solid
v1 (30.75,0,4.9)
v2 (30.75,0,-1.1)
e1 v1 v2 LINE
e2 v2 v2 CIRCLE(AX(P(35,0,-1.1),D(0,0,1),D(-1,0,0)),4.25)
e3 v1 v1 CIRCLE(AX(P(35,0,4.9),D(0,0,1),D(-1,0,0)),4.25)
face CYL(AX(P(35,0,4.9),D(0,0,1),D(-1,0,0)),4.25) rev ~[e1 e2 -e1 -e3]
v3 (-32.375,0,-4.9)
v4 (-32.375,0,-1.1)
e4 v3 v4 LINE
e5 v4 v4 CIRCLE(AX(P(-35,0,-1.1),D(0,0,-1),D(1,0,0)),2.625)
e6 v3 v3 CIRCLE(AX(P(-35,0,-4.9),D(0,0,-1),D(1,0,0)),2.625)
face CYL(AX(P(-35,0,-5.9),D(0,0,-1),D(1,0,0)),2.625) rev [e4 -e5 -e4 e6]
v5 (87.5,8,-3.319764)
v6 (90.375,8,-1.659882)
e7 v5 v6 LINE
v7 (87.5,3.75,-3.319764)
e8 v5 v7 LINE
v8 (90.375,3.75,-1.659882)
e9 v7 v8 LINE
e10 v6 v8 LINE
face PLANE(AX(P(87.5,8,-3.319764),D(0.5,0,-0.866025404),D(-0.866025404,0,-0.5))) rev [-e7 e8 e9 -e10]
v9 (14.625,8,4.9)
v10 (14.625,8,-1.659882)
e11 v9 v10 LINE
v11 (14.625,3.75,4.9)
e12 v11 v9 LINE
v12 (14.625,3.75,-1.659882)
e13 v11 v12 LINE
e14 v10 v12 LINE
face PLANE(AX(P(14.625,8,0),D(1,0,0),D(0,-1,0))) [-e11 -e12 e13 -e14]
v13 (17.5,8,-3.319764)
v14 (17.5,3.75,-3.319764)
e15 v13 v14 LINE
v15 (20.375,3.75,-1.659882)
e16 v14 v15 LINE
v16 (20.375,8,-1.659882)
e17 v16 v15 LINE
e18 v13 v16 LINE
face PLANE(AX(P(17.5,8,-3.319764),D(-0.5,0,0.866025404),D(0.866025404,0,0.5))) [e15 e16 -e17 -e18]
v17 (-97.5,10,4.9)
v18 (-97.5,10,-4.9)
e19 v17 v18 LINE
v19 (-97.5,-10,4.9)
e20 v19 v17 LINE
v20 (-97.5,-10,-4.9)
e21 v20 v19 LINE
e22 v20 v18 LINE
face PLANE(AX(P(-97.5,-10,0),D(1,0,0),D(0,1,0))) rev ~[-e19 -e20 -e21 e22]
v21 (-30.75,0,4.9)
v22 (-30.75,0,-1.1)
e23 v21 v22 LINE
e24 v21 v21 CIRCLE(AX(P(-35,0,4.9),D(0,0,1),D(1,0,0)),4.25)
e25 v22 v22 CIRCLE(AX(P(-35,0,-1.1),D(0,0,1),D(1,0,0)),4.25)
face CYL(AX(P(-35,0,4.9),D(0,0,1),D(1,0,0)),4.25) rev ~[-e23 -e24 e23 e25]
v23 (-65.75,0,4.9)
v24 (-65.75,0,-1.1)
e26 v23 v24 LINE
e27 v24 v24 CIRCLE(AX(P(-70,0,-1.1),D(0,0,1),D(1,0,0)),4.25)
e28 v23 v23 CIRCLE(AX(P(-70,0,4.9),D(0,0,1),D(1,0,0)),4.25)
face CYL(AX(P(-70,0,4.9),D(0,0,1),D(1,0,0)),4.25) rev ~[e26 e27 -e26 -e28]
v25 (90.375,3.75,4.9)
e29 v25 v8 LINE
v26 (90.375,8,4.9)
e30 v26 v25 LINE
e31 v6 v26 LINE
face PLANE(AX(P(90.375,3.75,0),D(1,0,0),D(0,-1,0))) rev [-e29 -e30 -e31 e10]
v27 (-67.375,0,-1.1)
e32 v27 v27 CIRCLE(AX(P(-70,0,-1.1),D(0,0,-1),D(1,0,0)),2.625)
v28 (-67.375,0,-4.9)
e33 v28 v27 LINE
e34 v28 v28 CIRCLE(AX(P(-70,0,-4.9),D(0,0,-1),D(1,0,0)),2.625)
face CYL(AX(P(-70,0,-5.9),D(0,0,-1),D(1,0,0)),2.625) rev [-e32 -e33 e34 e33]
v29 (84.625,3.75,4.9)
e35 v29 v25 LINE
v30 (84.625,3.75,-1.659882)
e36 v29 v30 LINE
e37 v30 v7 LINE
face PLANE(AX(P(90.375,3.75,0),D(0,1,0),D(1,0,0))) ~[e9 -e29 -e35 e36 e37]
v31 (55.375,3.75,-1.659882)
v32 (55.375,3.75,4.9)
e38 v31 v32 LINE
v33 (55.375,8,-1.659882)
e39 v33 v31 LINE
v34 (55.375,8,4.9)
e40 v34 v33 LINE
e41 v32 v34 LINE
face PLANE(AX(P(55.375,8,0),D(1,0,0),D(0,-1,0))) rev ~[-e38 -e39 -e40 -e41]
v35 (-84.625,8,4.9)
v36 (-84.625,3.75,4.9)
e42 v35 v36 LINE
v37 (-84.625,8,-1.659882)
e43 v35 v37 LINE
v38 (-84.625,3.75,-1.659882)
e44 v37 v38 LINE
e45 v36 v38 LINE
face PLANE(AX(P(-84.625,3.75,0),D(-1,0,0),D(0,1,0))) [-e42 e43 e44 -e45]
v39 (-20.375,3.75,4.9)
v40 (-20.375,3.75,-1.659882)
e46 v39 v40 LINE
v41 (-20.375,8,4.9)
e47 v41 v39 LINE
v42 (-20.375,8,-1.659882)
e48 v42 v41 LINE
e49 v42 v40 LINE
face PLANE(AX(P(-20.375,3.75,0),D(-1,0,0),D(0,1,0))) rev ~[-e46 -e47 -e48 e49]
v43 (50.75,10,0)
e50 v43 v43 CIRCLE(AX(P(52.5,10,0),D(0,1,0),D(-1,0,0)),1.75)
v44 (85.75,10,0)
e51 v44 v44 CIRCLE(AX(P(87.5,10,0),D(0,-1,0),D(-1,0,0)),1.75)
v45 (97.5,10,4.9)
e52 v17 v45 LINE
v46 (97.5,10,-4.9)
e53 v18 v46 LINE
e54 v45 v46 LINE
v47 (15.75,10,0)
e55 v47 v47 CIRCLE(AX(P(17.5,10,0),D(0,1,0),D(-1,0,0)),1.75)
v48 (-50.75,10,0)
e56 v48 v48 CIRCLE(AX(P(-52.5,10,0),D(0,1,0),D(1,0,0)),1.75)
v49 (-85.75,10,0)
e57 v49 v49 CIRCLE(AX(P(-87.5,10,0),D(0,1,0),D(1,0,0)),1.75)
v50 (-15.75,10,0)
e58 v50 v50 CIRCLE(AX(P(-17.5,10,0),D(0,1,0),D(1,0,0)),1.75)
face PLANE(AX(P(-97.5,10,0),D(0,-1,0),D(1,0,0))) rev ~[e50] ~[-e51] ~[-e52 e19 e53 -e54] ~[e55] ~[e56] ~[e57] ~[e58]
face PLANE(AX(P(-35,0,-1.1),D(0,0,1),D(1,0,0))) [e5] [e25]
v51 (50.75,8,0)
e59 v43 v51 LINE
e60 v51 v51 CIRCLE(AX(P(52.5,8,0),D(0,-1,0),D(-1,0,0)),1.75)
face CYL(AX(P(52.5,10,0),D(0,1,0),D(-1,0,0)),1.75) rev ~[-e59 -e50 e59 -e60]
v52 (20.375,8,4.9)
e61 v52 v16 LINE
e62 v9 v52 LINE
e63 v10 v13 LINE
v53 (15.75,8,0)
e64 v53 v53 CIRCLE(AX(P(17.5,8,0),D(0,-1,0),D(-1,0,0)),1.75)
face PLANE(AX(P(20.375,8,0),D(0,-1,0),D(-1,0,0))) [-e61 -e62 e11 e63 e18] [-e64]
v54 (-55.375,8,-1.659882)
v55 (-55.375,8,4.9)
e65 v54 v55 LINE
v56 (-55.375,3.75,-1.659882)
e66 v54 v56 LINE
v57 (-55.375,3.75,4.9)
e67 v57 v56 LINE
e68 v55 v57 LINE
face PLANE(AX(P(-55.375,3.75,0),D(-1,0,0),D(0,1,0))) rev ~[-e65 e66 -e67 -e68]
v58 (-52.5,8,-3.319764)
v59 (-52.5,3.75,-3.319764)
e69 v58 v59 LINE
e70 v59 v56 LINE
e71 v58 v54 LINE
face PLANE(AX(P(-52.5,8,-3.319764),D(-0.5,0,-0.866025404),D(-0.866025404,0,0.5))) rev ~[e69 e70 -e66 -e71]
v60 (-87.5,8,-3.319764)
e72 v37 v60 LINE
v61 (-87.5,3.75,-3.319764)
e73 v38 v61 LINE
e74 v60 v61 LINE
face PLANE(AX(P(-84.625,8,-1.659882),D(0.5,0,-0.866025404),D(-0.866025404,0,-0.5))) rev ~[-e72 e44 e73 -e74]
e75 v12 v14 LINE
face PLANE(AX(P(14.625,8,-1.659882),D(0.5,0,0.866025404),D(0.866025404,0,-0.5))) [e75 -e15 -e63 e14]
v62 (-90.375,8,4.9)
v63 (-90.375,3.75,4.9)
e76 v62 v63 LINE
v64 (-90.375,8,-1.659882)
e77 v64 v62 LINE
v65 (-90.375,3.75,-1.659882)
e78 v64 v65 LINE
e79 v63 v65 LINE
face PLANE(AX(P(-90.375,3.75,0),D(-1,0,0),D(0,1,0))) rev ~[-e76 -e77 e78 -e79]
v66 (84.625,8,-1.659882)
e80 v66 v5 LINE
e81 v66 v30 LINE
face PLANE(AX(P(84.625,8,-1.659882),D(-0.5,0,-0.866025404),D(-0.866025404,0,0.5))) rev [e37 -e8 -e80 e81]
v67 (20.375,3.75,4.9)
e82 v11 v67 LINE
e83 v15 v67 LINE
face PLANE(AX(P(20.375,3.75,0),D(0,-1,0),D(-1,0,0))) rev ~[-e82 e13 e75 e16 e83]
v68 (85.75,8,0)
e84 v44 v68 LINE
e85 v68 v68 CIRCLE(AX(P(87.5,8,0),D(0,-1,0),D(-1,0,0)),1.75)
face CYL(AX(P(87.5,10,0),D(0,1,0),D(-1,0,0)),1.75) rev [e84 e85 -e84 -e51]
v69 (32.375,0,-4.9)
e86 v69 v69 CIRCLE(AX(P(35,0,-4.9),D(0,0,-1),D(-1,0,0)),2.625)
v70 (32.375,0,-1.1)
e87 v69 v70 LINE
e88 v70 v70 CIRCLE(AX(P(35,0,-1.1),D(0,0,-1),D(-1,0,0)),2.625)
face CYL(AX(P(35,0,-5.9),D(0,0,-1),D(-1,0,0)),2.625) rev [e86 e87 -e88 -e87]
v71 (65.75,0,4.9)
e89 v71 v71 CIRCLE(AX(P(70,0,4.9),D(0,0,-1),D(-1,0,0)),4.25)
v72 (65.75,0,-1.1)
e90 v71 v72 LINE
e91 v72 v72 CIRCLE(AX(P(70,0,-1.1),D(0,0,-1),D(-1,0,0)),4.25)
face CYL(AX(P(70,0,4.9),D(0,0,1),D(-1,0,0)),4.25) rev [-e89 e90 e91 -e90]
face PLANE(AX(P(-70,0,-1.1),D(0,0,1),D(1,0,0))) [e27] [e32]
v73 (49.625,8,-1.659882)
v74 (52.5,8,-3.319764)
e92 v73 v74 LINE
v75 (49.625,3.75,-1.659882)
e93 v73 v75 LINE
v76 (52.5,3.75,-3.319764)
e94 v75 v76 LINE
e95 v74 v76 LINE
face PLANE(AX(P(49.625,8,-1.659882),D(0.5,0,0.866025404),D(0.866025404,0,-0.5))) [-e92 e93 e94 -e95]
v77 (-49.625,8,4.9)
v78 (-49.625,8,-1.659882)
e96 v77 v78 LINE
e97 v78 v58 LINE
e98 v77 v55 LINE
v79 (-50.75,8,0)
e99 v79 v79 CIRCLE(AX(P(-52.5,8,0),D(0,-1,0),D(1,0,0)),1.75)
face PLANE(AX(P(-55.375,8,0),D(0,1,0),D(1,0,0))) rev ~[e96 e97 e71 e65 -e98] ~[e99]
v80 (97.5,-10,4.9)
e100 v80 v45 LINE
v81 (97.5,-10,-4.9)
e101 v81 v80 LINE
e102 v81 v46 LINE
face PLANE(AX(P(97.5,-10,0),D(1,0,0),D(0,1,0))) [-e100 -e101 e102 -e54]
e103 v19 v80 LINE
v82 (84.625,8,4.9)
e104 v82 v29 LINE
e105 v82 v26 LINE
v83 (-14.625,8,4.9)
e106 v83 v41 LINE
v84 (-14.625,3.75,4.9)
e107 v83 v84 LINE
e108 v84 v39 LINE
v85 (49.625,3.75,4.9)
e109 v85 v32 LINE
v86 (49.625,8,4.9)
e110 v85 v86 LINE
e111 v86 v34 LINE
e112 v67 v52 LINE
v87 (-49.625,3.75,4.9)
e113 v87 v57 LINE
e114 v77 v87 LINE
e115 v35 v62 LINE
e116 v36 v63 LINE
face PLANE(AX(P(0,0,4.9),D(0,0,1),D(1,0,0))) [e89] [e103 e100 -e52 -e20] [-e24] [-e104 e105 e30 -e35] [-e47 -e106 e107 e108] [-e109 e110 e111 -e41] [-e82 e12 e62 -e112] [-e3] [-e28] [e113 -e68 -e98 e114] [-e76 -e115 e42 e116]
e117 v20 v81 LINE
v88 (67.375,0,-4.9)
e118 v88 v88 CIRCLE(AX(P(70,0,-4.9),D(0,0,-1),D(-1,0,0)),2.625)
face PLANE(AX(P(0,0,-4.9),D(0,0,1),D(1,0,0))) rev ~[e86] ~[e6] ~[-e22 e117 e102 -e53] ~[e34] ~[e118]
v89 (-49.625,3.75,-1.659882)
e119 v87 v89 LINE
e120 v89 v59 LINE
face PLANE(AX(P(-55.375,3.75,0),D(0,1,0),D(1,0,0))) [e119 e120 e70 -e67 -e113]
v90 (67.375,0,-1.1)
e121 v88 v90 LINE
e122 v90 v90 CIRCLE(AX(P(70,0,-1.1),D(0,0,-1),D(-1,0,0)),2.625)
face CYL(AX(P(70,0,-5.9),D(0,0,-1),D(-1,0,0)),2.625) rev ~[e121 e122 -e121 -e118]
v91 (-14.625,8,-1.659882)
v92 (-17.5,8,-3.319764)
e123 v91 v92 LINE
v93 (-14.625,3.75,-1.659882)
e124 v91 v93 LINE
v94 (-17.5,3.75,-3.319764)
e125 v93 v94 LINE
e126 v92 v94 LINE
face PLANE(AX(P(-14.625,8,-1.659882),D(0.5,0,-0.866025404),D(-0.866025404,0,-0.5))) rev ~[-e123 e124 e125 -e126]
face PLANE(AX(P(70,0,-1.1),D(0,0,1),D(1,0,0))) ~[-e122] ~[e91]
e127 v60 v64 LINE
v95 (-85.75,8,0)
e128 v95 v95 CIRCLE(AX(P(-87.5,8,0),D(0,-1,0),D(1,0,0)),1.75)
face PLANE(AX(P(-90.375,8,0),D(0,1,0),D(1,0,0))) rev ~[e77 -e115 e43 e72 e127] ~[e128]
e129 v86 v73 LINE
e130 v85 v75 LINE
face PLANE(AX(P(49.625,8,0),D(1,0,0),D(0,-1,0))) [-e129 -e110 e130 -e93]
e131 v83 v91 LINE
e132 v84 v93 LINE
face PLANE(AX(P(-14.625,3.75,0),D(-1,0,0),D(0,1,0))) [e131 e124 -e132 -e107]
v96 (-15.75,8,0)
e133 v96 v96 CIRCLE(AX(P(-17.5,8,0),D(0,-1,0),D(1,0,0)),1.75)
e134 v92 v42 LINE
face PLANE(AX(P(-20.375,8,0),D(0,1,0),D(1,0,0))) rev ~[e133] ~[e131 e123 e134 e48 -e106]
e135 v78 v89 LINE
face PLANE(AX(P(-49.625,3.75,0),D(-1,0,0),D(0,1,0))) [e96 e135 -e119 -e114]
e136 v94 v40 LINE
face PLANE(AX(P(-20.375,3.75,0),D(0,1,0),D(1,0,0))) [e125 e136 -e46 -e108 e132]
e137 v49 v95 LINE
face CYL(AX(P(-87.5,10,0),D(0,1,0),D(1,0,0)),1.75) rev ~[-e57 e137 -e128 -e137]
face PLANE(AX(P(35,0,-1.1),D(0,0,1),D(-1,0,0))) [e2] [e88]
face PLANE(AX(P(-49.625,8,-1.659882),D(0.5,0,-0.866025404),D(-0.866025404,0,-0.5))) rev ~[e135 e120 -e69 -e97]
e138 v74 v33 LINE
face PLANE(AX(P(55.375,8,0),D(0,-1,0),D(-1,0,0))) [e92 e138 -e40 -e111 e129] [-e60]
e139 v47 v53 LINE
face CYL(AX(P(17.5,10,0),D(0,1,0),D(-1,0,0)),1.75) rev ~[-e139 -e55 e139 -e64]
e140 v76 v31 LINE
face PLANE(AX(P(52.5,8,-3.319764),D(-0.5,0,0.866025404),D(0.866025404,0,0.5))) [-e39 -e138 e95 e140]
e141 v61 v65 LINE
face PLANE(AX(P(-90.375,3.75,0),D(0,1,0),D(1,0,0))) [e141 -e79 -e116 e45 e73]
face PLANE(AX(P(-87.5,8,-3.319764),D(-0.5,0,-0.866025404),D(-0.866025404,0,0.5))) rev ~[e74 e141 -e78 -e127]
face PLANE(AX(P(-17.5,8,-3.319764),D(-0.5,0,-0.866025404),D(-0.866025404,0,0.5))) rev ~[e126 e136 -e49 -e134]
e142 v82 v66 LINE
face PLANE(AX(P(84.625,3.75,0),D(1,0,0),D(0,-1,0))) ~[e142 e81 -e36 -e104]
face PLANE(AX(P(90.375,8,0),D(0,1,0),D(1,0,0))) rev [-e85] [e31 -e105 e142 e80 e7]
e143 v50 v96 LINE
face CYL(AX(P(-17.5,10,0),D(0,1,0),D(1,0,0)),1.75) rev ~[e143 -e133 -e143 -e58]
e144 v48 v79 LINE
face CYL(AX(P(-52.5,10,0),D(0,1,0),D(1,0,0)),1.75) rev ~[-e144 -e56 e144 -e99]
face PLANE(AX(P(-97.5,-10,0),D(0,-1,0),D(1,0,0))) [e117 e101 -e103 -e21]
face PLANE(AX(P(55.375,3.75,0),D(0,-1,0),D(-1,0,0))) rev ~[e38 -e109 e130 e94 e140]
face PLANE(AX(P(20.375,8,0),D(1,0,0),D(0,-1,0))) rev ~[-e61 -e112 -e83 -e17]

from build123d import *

# Parameters (mm, degrees)
SKETCH1_W               = 195
SKETCH1_H               = 20
BOSS_EXTRUDE1_DEPTH     = 4.9
SKETCH2_R               = 1.75
CUT_EXTRUDE1_DEPTH      = 6
CUT_EXTRUDE2_START      = -2
CUT_EXTRUDE2_DEPTH      = 4.25
SKETCH4_W               = 5.75
SKETCH4_H               = 4.25
CUT_EXTRUDE3_DEPTH      = 5.9
LPATTERN1_COUNT         = 3
LPATTERN1_PITCH         = 35
MIRROR1_COPY_1_SKETCH_R = 1.75
MIRROR1_COPY_1_DEPTH    = 6
MIRROR1_COPY_2_SKETCH_R = 1.75
MIRROR1_COPY_2_DEPTH    = 6
MIRROR1_START           = -2
MIRROR1_COPY_3_DEPTH    = 4.25
MIRROR1_COPY_4_DEPTH    = 4.25
MIRROR1_COPY_5_SKETCH_W = 5.75
MIRROR1_COPY_5_SKETCH_H = 4.25
MIRROR1_COPY_5_DEPTH    = 5.9
MIRROR1_COPY_6_SKETCH_W = 5.75
MIRROR1_COPY_6_SKETCH_H = 4.25
MIRROR1_COPY_6_DEPTH    = 5.9
SKETCH5_R               = 4.25
CUT_EXTRUDE4_DEPTH      = 6
CUT_EXTRUDE5_START      = -4.8
SKETCH6_R               = 2.625
CUT_EXTRUDE5_DEPTH      = 11.8
LPATTERN2_COUNT         = 2
LPATTERN2_PITCH         = 35
MIRROR2_COPY_1_SKETCH_R = 4.25
MIRROR2_COPY_1_DEPTH    = 6
MIRROR2_START           = -4.8
MIRROR2_COPY_2_SKETCH_R = 2.625
MIRROR2_COPY_2_DEPTH    = 11.8


with BuildPart() as part:
    # Sketch1 → Boss-Extrude1 (new body, symmetric)
    with BuildSketch(Plane.XY):
        Rectangle(SKETCH1_W, SKETCH1_H)
    extrude(amount=BOSS_EXTRUDE1_DEPTH, both=True)

    # Sketch2 → Cut-Extrude1 (cut)
    with BuildSketch(Plane(origin=(0, 10, 0), x_dir=(1, 0, 0), z_dir=(0, 1, 0))):
        with Locations((-87.5, 0)):
            Circle(SKETCH2_R)
    cut_extrude1 = extrude(amount=-CUT_EXTRUDE1_DEPTH, mode=Mode.SUBTRACT)

    # Sketch3 → Cut-Extrude2 (cut)
    with BuildSketch(Plane(origin=(0, 10, 0), x_dir=(1, 0, 0), z_dir=(0, 1, 0)).offset(CUT_EXTRUDE2_START)):
        Polygon((-87.5, 3.319764048), (-90.375, 1.659882024), (-90.375, -1.659882024), (-87.5, -3.319764048), (-84.625, -1.659882024), (-84.625, 1.659882024), align=None)
    cut_extrude2 = extrude(amount=-CUT_EXTRUDE2_DEPTH, mode=Mode.SUBTRACT)

    # Sketch4 → Cut-Extrude3 (cut, through all)
    with BuildSketch(Plane.XY):
        with Locations((-87.5, 5.875)):
            Rectangle(SKETCH4_W, SKETCH4_H)
    cut_extrude3 = extrude(amount=CUT_EXTRUDE3_DEPTH, mode=Mode.SUBTRACT)

    # LPattern1: Cut-Extrude1, Cut-Extrude2, Cut-Extrude3 ×3
    with Locations(*[(i * LPATTERN1_PITCH, 0, 0) for i in range(1, LPATTERN1_COUNT)]):
        add(cut_extrude1, mode=Mode.SUBTRACT)
        add(cut_extrude2, mode=Mode.SUBTRACT)
        add(cut_extrude3, mode=Mode.SUBTRACT)

    # Mirror1: Cut-Extrude1, Cut-Extrude2, Cut-Extrude3 across plane
    add(cut_extrude1.mirror(Plane(origin=(0, 0, 0), x_dir=(0, 0, 1), z_dir=(1, 0, 0))), mode=Mode.SUBTRACT)
    add(cut_extrude2.mirror(Plane(origin=(0, 0, 0), x_dir=(0, 0, 1), z_dir=(1, 0, 0))), mode=Mode.SUBTRACT)
    add(cut_extrude3.mirror(Plane(origin=(0, 0, 0), x_dir=(0, 0, 1), z_dir=(1, 0, 0))), mode=Mode.SUBTRACT)

    # Mirror1 copy 1 sketch → Mirror1 copy 1 (cut)
    with BuildSketch(Plane(origin=(-35, 10, 0), x_dir=(-1, 0, 0), z_dir=(0, 1, 0))):
        with Locations((-87.5, 0)):
            Circle(MIRROR1_COPY_1_SKETCH_R)
    extrude(amount=-MIRROR1_COPY_1_DEPTH, mode=Mode.SUBTRACT)

    # Mirror1 copy 2 sketch → Mirror1 copy 2 (cut)
    with BuildSketch(Plane(origin=(-70, 10, 0), x_dir=(-1, 0, 0), z_dir=(0, 1, 0))):
        with Locations((-87.5, 0)):
            Circle(MIRROR1_COPY_2_SKETCH_R)
    extrude(amount=-MIRROR1_COPY_2_DEPTH, mode=Mode.SUBTRACT)

    # Mirror1 copy 3 sketch → Mirror1 copy 3 (cut)
    with BuildSketch(Plane(origin=(-35, 10, 0), x_dir=(-1, 0, 0), z_dir=(0, 1, 0)).offset(MIRROR1_START)):
        Polygon((-87.5, -3.319764048), (-90.375, -1.659882024), (-90.375, 1.659882024), (-87.5, 3.319764048), (-84.625, 1.659882024), (-84.625, -1.659882024), align=None)
    extrude(amount=-MIRROR1_COPY_3_DEPTH, mode=Mode.SUBTRACT)

    # Mirror1 copy 4 sketch → Mirror1 copy 4 (cut)
    with BuildSketch(Plane(origin=(-70, 10, 0), x_dir=(-1, 0, 0), z_dir=(0, 1, 0)).offset(MIRROR1_START)):
        Polygon((-87.5, -3.319764048), (-90.375, -1.659882024), (-90.375, 1.659882024), (-87.5, 3.319764048), (-84.625, 1.659882024), (-84.625, -1.659882024), align=None)
    extrude(amount=-MIRROR1_COPY_4_DEPTH, mode=Mode.SUBTRACT)

    # Mirror1 copy 5 sketch → Mirror1 copy 5 (cut, through all)
    with BuildSketch(Plane(origin=(-35, 0, 0), x_dir=(-1, 0, 0), z_dir=(0, 0, 1))):
        with Locations((-87.5, -5.875)):
            Rectangle(MIRROR1_COPY_5_SKETCH_W, MIRROR1_COPY_5_SKETCH_H)
    extrude(amount=MIRROR1_COPY_5_DEPTH, mode=Mode.SUBTRACT)

    # Mirror1 copy 6 sketch → Mirror1 copy 6 (cut, through all)
    with BuildSketch(Plane(origin=(-70, 0, 0), x_dir=(-1, 0, 0), z_dir=(0, 0, 1))):
        with Locations((-87.5, -5.875)):
            Rectangle(MIRROR1_COPY_6_SKETCH_W, MIRROR1_COPY_6_SKETCH_H)
    extrude(amount=MIRROR1_COPY_6_DEPTH, mode=Mode.SUBTRACT)

    # Sketch5 → Cut-Extrude4 (cut)
    with BuildSketch(Plane.XY.offset(4.9)):
        with Locations((-70, 0)):
            Circle(SKETCH5_R)
    cut_extrude4 = extrude(amount=-CUT_EXTRUDE4_DEPTH, mode=Mode.SUBTRACT)

    # Sketch6 → Cut-Extrude5 (cut)
    with BuildSketch(Plane.XY.offset(-1.1).offset(CUT_EXTRUDE5_START)):
        with Locations((-70, 0)):
            Circle(SKETCH6_R)
    cut_extrude5 = extrude(amount=CUT_EXTRUDE5_DEPTH, mode=Mode.SUBTRACT)

    # LPattern2: Cut-Extrude4, Cut-Extrude5 ×2
    with Locations(*[(i * LPATTERN2_PITCH, 0, 0) for i in range(1, LPATTERN2_COUNT)]):
        add(cut_extrude4, mode=Mode.SUBTRACT)
        add(cut_extrude5, mode=Mode.SUBTRACT)

    # Mirror2: Cut-Extrude4, Cut-Extrude5 across plane
    add(cut_extrude4.mirror(Plane(origin=(0, 0, 0), x_dir=(0, 0, 1), z_dir=(1, 0, 0))), mode=Mode.SUBTRACT)
    add(cut_extrude5.mirror(Plane(origin=(0, 0, 0), x_dir=(0, 0, 1), z_dir=(1, 0, 0))), mode=Mode.SUBTRACT)

    # Mirror2 copy 1 sketch → Mirror2 copy 1 (cut)
    with BuildSketch(Plane(origin=(-35, 0, 4.9), x_dir=(-1, 0, 0), z_dir=(0, 0, 1))):
        with Locations((-70, 0)):
            Circle(MIRROR2_COPY_1_SKETCH_R)
    extrude(amount=-MIRROR2_COPY_1_DEPTH, mode=Mode.SUBTRACT)

    # Mirror2 copy 2 sketch → Mirror2 copy 2 (cut)
    with BuildSketch(Plane(origin=(-35, 0, -1.1), x_dir=(-1, 0, 0), z_dir=(0, 0, 1)).offset(MIRROR2_START)):
        with Locations((-70, 0)):
            Circle(MIRROR2_COPY_2_SKETCH_R)
    extrude(amount=MIRROR2_COPY_2_DEPTH, mode=Mode.SUBTRACT)


solid = part.part
